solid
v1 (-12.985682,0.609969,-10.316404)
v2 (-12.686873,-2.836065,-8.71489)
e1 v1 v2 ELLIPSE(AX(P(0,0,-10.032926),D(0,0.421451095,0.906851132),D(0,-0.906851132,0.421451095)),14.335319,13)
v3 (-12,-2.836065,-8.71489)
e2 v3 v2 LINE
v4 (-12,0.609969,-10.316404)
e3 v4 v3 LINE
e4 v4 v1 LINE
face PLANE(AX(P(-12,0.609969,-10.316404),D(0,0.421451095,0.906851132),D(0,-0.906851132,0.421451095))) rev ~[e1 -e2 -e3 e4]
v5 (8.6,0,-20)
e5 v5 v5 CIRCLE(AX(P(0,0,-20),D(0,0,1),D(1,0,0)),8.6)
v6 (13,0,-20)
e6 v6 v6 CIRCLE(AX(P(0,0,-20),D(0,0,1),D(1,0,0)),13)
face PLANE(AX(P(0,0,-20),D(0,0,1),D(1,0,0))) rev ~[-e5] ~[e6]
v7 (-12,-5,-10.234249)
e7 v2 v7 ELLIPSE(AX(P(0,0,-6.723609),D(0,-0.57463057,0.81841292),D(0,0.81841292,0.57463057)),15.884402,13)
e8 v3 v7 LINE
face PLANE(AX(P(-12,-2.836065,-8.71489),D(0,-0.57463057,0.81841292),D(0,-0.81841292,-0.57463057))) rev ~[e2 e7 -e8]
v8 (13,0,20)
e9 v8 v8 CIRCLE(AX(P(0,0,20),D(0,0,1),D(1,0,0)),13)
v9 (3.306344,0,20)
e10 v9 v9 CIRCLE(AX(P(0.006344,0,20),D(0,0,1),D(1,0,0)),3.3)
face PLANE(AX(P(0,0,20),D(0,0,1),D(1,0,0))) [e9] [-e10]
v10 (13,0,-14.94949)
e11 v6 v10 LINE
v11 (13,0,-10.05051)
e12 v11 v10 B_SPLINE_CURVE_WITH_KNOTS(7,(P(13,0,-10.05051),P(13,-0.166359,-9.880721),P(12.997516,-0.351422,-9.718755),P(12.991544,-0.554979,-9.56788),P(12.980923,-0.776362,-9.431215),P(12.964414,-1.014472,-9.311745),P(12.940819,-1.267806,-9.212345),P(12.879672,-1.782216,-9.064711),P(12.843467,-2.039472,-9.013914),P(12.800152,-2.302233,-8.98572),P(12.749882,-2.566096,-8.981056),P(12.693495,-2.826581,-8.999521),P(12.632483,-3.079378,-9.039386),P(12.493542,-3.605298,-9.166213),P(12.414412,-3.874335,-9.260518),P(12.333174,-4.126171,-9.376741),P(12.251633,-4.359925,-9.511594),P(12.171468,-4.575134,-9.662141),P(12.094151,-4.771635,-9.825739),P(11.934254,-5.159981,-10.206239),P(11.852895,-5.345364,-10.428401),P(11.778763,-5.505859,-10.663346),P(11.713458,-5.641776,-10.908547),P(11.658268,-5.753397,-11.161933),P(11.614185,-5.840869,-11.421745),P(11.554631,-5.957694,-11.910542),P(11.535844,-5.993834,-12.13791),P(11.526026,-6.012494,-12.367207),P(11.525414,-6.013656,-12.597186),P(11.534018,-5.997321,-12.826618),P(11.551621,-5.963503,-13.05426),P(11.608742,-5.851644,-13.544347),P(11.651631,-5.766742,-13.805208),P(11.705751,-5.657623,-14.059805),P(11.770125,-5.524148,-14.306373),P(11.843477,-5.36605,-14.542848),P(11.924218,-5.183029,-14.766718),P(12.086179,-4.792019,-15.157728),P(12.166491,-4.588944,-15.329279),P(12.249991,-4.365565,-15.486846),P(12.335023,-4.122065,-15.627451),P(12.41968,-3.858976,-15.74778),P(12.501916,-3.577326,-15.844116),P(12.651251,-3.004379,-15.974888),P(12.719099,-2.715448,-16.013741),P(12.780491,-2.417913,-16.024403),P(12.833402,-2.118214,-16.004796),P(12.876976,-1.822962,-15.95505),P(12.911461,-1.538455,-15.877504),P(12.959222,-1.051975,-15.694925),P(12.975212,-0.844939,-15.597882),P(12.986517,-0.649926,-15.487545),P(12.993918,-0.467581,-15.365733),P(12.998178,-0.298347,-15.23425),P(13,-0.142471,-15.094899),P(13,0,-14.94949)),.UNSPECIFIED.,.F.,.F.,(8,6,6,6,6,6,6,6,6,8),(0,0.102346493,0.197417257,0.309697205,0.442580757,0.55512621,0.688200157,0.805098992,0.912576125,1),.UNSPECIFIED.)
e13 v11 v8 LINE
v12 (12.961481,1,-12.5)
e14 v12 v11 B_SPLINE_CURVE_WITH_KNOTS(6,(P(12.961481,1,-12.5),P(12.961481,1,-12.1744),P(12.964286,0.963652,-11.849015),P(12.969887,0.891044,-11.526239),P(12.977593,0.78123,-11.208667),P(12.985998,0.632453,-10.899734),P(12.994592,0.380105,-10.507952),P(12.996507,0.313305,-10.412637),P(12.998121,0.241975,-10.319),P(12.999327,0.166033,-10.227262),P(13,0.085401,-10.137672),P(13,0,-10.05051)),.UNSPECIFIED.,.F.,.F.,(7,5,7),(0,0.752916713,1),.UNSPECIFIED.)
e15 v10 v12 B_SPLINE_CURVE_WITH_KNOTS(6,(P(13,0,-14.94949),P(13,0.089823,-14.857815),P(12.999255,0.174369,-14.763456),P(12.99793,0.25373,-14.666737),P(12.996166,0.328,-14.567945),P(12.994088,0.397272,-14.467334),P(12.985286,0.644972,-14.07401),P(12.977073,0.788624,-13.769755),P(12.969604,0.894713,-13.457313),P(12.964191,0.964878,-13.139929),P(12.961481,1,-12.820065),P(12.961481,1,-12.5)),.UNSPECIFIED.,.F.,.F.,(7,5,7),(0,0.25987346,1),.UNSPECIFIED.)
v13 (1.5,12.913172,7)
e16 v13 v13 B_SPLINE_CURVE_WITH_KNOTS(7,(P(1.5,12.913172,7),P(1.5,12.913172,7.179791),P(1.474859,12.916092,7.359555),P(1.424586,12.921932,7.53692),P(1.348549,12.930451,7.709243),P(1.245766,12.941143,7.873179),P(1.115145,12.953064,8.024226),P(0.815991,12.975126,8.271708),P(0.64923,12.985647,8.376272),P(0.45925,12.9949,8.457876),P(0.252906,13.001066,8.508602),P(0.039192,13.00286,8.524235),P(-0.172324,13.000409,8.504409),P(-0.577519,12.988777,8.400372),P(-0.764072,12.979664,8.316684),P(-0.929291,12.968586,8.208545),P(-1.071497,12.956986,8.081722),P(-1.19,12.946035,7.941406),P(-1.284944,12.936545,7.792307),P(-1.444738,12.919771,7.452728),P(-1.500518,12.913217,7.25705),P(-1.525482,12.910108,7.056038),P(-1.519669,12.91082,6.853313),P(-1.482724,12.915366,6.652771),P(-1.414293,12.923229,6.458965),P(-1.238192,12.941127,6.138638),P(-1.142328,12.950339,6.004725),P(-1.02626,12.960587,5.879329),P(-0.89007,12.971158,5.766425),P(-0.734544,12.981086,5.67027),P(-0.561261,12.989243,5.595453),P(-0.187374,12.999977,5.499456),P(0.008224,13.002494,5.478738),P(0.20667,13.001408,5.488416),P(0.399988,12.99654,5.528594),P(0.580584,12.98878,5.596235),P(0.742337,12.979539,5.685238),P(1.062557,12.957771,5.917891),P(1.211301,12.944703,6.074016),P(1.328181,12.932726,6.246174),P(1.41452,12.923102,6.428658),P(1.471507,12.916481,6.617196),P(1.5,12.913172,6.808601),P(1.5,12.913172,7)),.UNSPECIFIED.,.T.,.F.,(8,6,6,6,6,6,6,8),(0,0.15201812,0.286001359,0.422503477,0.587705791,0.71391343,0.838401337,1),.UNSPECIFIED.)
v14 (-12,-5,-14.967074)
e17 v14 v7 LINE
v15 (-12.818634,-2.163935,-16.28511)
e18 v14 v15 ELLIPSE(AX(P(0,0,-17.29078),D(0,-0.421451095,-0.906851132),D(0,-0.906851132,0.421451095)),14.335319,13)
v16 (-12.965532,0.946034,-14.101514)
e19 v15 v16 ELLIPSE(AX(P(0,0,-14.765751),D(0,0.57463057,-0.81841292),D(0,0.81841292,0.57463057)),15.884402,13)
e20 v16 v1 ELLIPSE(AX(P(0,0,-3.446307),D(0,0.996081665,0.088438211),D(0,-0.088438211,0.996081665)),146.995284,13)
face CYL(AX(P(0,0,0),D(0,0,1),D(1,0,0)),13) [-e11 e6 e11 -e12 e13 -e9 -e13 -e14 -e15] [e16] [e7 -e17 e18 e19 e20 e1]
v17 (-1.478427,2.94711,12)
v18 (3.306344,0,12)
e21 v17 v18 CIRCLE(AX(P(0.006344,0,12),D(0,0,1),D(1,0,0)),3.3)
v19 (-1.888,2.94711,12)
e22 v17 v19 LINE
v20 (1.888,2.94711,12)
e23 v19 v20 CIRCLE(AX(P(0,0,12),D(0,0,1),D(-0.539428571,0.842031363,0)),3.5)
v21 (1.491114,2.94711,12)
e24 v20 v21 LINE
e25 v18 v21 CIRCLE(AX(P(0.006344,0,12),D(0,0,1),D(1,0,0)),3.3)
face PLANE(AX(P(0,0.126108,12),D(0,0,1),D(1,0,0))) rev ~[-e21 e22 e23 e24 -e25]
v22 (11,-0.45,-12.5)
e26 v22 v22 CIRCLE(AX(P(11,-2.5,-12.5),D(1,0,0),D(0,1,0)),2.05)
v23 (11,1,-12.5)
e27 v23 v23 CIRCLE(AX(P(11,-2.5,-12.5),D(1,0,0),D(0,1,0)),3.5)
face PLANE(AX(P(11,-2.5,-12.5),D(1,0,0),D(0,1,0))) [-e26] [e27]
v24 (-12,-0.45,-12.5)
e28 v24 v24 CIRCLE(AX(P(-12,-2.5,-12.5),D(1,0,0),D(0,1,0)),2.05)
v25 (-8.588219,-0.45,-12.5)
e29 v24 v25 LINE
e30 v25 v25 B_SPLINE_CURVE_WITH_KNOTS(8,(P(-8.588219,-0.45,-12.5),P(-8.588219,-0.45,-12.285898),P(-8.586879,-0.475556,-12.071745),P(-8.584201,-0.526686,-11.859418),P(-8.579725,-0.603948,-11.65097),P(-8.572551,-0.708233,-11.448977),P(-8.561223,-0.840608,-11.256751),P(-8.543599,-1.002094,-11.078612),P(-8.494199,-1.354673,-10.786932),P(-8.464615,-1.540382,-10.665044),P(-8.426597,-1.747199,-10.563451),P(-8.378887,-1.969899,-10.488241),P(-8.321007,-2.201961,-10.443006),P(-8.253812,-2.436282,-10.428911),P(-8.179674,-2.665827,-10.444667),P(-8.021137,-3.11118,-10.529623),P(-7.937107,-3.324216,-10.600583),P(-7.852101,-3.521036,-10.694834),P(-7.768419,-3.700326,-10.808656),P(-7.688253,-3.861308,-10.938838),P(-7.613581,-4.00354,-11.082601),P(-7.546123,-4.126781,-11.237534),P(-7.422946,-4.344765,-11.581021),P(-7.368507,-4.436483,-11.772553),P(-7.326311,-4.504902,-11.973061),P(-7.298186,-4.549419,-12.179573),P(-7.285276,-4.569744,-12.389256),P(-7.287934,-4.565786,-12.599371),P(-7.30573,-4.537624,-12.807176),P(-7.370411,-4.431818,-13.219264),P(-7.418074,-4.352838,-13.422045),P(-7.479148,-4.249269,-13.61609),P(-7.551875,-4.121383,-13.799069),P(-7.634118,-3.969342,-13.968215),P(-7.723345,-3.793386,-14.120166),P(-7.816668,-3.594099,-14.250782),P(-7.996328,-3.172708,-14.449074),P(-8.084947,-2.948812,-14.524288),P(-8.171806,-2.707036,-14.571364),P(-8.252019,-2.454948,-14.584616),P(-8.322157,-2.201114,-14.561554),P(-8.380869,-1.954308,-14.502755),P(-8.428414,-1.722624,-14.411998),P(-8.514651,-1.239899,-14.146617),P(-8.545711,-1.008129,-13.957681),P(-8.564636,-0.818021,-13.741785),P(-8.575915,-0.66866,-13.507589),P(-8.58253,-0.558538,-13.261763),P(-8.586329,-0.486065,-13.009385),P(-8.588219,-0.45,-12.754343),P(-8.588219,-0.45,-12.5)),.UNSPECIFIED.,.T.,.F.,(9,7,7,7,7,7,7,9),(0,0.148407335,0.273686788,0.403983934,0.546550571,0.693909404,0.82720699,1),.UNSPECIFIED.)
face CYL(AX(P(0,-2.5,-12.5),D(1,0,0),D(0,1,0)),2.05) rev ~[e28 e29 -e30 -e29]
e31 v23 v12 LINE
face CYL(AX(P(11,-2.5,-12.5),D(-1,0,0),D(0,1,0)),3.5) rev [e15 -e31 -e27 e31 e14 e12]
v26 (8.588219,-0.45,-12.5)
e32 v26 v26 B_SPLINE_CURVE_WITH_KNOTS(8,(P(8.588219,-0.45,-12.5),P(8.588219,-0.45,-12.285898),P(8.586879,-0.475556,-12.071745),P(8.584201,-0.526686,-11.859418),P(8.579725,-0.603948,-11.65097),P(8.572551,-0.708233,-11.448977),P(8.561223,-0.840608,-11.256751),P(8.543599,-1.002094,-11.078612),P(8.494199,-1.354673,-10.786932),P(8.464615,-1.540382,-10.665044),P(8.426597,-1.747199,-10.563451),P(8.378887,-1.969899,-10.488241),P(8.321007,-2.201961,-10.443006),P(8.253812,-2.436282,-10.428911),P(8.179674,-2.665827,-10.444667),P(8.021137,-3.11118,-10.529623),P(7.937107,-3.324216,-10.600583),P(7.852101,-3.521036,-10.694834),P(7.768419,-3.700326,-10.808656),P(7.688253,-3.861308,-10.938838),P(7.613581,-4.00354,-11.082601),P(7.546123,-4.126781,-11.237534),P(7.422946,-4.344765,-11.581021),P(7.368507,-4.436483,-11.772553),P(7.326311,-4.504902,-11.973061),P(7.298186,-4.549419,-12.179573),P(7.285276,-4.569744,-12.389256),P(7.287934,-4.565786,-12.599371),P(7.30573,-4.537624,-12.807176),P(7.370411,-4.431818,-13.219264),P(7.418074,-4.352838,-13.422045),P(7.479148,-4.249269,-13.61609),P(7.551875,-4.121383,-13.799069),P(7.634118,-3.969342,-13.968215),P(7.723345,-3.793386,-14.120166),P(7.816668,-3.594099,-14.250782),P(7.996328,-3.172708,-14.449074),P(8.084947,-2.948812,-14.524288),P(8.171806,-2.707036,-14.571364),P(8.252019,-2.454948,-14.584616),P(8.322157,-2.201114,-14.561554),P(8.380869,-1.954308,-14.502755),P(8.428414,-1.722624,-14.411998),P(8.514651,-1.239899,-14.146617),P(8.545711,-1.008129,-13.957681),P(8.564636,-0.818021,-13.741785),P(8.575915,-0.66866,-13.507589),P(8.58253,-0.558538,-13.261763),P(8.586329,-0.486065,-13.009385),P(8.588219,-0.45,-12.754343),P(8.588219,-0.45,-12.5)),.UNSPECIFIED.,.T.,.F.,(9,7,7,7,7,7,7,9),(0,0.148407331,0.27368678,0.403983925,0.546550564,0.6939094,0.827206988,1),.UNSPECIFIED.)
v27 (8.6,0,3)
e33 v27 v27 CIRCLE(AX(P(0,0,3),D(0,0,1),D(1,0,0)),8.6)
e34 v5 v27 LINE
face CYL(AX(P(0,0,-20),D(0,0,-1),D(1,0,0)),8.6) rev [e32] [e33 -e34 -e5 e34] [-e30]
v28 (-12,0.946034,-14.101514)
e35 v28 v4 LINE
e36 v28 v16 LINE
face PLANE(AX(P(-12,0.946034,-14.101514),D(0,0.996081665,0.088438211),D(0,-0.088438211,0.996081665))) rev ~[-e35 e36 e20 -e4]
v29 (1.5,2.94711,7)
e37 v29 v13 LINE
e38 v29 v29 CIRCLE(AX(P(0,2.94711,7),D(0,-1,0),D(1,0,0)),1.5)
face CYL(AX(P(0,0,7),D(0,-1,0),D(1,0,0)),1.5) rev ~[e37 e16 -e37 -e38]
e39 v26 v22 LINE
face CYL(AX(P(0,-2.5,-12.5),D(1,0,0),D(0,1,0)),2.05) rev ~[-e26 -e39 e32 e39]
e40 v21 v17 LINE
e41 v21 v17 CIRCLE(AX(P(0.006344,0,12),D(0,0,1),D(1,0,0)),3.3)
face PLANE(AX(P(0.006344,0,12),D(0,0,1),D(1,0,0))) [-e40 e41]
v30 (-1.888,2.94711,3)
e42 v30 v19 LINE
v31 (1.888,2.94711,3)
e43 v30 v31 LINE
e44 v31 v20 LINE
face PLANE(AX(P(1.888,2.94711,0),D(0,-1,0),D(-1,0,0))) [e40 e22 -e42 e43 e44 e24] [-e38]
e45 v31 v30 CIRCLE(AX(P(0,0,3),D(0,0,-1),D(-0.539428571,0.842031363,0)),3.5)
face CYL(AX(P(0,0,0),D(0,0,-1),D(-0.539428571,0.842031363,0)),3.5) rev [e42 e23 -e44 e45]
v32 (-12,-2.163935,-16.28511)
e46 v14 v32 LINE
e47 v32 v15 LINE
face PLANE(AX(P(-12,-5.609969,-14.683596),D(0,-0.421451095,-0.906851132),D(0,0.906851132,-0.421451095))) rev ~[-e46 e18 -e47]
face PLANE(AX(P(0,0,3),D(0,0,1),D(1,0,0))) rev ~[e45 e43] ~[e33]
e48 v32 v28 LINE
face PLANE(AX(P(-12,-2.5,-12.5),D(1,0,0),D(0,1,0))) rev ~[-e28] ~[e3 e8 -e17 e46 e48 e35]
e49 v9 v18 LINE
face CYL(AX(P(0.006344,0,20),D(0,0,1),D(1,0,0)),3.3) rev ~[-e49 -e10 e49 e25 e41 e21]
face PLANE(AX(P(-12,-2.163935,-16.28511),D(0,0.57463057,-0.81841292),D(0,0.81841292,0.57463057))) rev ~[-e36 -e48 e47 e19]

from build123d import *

# Parameters (mm, degrees)
F0_R      = 13
F5_DEPTH  = 20
F4_R      = 8.6
F6_DEPTH  = 23
F3_R      = 3.3
F8_DEPTH  = 8
F9_DEPTH  = 12
F10_R     = 2.05
F11_DEPTH = 15
F12_R     = 1.5
F13_DEPTH = 25
F15_R     = 3.5
F16_DEPTH = 5
F19_DEPTH = 3


with BuildPart() as f5:
    # F0 (on Top) → F5 (new body, symmetric)
    with BuildSketch(Plane.XY):
        Circle(F0_R)
    extrude(amount=F5_DEPTH, both=True)

    # F4 (on offset) → F6 (cut)
    with BuildSketch(Plane.XY.offset(-20)):
        Circle(F4_R)
    extrude(amount=F6_DEPTH, mode=Mode.SUBTRACT)

    # F3 (on offset) → F8 (cut)
    with BuildSketch(Plane.XY.offset(20)):
        with Locations((0.0063437128, 0)):
            Circle(F3_R)
    extrude(amount=-F8_DEPTH, mode=Mode.SUBTRACT)

    # F7 (on Top) → F9 (cut)
    with BuildSketch(Plane.XY):
        with BuildLine():
            Line((1.888, 2.9471097706), (0, 2.9471097706))
            Line((0, 2.9471097706), (-1.888, 2.9471097706))
            ThreePointArc((-1.888, 2.9471097706), (0, -3.5), (1.888, 2.9471097706))
        make_face()
    extrude(amount=F9_DEPTH, mode=Mode.SUBTRACT)

    # F10 (on Right) → F11 (cut, symmetric)
    with BuildSketch(Plane.YZ):
        with Locations((-2.5, -12.5)):
            Circle(F10_R)
    extrude(amount=F11_DEPTH, both=True, mode=Mode.SUBTRACT)

    # F12 (on Front) → F13 (cut)
    with BuildSketch(Plane.XZ):
        with Locations((0, 7)):
            Circle(F12_R)
    extrude(amount=-F13_DEPTH, mode=Mode.SUBTRACT)

    # F15 (on offset) → F16 (cut)
    with BuildSketch(Plane.YZ.offset(11)):
        with Locations((-2.5, -12.5)):
            Circle(F15_R)
    extrude(amount=F16_DEPTH, mode=Mode.SUBTRACT)

    # F18 (on offset) → F19 (cut)
    with BuildSketch(Plane.YZ.offset(-12)):
        Polygon((-5.9460342998, -10.8984858401), (-5.6099690969, -14.683596166), (-2.1639347971, -16.2851103259), (0.9460342998, -14.1015141599), (0.6099690969, -10.316403834), (-2.8360652029, -8.7148896741), align=None)
    extrude(amount=-F19_DEPTH, mode=Mode.SUBTRACT)


solid = f5.part
